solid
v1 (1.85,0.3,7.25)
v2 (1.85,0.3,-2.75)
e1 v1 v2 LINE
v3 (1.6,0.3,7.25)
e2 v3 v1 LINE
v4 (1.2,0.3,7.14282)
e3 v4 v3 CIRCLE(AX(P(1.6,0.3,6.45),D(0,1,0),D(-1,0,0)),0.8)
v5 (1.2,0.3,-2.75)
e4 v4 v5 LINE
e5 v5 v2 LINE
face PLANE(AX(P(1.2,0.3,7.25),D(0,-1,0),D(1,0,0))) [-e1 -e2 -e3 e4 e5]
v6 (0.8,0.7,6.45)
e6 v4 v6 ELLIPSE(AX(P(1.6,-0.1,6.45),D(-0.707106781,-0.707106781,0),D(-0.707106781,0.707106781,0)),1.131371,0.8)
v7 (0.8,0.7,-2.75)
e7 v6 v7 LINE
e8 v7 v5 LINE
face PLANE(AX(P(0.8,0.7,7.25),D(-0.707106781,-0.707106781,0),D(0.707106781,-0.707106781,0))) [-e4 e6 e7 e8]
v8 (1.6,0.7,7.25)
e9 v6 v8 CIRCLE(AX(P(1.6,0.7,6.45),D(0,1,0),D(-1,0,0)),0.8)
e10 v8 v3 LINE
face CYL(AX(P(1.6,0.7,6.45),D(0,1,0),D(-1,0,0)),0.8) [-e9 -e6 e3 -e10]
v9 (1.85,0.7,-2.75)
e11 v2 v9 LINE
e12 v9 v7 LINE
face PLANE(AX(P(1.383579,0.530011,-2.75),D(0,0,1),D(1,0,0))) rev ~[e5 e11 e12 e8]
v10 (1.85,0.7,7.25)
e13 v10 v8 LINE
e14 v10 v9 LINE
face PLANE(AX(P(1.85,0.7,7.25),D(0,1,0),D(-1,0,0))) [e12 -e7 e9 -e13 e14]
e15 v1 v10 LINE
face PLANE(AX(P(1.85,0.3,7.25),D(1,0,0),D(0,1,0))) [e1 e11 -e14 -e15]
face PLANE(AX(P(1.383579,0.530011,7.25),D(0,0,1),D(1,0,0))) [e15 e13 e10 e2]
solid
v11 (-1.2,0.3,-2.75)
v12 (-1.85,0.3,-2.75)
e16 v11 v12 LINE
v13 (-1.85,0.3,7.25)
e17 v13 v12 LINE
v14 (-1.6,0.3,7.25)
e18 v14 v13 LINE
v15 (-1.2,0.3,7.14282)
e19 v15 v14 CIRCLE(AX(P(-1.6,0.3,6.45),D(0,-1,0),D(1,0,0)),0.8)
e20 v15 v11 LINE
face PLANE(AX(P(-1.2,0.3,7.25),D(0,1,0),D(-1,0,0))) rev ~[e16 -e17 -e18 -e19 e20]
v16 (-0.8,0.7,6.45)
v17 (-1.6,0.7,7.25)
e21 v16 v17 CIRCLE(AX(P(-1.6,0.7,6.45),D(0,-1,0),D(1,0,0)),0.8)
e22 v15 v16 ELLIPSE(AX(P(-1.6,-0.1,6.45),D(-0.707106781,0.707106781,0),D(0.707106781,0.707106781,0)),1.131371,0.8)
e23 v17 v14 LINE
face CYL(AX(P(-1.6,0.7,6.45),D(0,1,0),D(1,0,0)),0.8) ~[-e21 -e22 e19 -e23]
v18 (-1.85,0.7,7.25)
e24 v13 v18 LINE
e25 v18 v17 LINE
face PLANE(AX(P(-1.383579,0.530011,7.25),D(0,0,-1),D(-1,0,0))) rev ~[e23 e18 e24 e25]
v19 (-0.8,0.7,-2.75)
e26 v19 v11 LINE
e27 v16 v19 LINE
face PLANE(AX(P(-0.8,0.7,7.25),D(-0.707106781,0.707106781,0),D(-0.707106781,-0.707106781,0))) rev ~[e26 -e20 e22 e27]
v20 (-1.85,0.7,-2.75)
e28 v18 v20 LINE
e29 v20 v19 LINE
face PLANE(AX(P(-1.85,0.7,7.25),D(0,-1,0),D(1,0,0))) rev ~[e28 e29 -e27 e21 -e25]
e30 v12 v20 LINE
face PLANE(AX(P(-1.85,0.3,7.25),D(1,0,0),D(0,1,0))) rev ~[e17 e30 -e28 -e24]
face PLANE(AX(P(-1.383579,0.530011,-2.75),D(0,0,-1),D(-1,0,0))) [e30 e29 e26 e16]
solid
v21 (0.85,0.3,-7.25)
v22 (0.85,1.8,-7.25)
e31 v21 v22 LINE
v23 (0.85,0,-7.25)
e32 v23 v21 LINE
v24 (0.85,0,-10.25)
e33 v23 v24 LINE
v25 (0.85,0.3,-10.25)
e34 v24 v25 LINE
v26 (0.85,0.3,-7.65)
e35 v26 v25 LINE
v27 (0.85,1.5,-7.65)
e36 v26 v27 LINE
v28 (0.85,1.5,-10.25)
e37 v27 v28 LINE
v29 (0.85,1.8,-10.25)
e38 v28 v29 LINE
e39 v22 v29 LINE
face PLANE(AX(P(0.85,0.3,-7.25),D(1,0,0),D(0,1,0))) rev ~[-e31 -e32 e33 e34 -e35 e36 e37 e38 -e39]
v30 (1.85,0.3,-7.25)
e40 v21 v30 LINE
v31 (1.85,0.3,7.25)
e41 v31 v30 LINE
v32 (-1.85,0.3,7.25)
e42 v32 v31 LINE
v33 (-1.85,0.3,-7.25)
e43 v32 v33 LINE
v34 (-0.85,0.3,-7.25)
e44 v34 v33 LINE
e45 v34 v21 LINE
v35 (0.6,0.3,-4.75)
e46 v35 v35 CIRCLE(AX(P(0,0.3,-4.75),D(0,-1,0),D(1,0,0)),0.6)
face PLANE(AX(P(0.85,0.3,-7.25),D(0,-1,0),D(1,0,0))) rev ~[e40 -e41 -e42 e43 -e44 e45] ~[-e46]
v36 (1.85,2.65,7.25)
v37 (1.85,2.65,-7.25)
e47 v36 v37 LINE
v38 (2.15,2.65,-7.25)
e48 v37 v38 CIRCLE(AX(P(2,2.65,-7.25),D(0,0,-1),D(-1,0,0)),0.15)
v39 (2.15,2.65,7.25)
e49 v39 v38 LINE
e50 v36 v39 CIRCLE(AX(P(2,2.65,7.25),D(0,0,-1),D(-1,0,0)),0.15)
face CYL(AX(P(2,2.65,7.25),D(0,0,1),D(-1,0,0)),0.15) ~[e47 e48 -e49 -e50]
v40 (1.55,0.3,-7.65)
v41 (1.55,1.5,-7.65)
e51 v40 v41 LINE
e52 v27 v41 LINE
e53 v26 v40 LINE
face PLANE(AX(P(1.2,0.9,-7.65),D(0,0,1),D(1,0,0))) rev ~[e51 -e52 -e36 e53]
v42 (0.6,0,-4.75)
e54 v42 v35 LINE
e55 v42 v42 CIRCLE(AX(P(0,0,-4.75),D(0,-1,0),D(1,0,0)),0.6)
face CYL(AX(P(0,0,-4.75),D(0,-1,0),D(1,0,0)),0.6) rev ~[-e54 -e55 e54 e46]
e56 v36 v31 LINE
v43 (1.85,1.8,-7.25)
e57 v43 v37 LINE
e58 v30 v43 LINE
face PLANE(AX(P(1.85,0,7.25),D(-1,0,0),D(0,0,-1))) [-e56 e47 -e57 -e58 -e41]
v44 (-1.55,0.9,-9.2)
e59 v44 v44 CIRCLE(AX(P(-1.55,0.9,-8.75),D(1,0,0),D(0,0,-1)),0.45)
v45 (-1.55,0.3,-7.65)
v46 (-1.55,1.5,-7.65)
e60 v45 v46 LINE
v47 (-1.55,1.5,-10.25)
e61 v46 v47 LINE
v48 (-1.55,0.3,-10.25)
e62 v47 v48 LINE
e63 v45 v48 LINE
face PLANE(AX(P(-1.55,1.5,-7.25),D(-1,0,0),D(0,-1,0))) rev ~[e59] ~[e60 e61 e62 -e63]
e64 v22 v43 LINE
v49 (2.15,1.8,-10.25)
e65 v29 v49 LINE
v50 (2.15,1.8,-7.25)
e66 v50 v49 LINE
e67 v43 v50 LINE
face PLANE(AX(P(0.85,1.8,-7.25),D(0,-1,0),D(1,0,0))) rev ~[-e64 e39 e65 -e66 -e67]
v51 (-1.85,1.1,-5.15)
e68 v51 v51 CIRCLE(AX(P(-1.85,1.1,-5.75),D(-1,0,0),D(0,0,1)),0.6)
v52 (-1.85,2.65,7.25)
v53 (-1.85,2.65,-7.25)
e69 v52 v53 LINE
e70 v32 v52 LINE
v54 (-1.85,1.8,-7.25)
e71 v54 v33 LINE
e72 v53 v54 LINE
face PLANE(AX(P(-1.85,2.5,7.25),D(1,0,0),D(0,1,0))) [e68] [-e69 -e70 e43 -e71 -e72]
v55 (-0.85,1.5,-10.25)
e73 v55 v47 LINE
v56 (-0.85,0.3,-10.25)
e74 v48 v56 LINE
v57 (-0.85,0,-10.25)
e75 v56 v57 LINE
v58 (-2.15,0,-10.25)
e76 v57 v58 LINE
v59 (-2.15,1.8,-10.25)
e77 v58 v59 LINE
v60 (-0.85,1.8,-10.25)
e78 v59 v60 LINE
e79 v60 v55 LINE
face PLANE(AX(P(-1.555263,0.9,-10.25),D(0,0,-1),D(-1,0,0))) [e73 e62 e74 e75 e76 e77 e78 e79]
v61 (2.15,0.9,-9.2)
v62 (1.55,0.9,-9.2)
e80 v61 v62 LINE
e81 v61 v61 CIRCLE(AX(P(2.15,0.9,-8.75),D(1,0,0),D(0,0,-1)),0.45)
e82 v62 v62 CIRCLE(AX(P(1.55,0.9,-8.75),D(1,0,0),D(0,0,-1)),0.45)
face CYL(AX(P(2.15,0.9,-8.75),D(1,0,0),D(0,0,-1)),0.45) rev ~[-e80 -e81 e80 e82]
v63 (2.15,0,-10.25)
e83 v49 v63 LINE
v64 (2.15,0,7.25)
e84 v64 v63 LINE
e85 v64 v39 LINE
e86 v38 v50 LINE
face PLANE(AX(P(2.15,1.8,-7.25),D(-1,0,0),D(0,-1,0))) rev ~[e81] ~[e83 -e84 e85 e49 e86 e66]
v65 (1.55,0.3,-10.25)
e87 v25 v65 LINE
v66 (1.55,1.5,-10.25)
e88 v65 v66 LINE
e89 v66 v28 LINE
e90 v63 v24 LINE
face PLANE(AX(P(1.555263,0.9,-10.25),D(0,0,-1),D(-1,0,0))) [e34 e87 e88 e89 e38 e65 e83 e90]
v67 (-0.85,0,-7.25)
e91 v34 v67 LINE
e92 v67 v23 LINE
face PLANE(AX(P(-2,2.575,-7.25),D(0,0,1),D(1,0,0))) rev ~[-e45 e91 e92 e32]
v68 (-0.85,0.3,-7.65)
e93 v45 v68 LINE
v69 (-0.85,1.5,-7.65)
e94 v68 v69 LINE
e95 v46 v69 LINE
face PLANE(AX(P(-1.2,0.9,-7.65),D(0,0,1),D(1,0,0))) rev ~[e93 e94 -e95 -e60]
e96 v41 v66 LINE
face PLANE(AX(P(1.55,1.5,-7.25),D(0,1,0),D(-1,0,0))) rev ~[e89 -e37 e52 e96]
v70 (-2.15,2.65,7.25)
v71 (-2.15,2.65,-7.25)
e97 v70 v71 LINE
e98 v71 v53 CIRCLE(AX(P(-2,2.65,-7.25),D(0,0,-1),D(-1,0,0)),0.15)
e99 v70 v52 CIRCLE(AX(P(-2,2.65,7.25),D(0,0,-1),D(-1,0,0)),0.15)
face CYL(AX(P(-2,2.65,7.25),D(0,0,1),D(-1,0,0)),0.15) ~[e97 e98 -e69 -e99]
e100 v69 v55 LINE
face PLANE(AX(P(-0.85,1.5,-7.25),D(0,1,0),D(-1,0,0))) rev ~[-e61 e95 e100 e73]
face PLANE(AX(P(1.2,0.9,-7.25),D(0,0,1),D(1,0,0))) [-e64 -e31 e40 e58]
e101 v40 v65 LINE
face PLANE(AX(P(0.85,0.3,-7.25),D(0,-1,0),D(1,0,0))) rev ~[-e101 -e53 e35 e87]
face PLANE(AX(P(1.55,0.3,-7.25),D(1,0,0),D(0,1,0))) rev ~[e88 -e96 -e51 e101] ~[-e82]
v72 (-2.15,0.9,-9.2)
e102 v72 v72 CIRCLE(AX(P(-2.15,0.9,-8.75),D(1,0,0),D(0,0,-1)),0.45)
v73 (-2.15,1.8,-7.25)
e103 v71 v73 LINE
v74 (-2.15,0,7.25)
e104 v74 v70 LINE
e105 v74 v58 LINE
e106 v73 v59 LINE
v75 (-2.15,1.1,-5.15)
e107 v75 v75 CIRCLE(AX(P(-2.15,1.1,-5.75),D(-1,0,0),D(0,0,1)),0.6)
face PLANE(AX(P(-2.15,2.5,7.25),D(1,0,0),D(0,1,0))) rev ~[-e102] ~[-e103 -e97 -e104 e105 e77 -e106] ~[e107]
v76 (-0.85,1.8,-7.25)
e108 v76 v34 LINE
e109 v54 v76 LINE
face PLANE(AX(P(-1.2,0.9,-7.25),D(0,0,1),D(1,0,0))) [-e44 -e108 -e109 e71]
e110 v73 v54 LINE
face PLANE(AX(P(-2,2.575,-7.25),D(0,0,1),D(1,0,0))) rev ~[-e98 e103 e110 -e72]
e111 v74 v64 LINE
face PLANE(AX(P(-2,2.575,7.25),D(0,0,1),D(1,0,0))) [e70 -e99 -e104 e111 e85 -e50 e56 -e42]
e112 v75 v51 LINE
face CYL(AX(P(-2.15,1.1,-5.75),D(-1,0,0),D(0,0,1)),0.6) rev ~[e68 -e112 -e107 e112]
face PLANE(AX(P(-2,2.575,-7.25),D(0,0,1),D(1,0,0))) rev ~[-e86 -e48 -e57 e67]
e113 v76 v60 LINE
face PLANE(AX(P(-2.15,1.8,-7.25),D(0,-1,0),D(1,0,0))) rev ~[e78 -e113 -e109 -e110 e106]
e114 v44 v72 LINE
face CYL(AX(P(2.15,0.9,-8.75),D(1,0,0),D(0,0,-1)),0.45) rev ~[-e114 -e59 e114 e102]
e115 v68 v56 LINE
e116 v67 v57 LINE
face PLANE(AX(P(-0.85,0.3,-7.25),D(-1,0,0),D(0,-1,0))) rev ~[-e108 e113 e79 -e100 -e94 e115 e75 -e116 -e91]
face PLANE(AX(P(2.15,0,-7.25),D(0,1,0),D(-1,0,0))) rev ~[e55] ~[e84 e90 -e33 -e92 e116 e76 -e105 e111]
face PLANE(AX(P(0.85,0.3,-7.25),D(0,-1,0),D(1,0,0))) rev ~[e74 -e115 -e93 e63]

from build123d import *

# Parameters (mm, degrees)
SKETCH1_W                   = 4.3
SKETCH1_H                   = 14.5
NP_HOLDER_BASE_DEPTH        = 2.5
NP_HOLDER_THICKNESS_T       = -0.3
NP2_0_IMEC_DOVETAIL_DEPTH   = 10
NP2_0_IMEC_DOVETAIL_2_DEPTH = 10
SKETCH6_W                   = 0.3
SKETCH6_H                   = 0.15
INNER_PIECE_RAILS_DEPTH     = 14.5
EXTRACTION_HOOKS_DEPTH      = 3
SKETCH8_R                   = 0.45
EXTRACTION_HOLE_DEPTH       = 4.3
SKETCH15_W                  = 0.7
SKETCH15_H                  = 1.2
EXTRACTIONSTOPPER_DEPTH     = 0.4
SKETCH12_R                  = 0.6
ADHESIVE_HOLE_DEPTH         = 0.3
SKETCH13_R                  = 0.6
VERTICAL_ANCHOR_HOLE_DEPTH  = 0.3
ENTRY_EDGE_SMOOTHING_DEPTH  = 0.4


with BuildPart() as part:
    # Sketch1 → NP holder base (new body)
    with BuildSketch(Plane(origin=(0, 0, 0), x_dir=(1, 0, 0), z_dir=(0, 1, 0))):
        Rectangle(SKETCH1_W, SKETCH1_H)
    extrude(amount=NP_HOLDER_BASE_DEPTH)

    # NP holder thickness
    np_holder_thickness_openings = [part.faces().sort_by_distance(p)[0] for p in [
        (0, 2.5, 0),
        (0, 1.25, 7.25),
        (0, 1.25, -7.25),
    ]]
    offset(amount=NP_HOLDER_THICKNESS_T, openings=np_holder_thickness_openings, kind=Kind.INTERSECTION)

    # Sketch6 → inner piece rails (add)
    with BuildSketch(Plane.XY.offset(7.25)):
        with Locations((-2, 2.575)):
            Rectangle(SKETCH6_W, SKETCH6_H)
        with BuildLine():
            ThreePointArc((-2.15, 2.65), (-2, 2.8), (-1.85, 2.65))
            Line((-1.85, 2.65), (-2.15, 2.65))
        make_face()
        with BuildLine():
            ThreePointArc((1.85, 2.65), (2, 2.8), (2.15, 2.65))
            Line((2.15, 2.65), (1.85, 2.65))
        make_face()
        with Locations((2, 2.575)):
            Rectangle(SKETCH6_W, SKETCH6_H)
    extrude(amount=-INNER_PIECE_RAILS_DEPTH)

    # Sketch7 → extraction hooks (add)
    with BuildSketch(Plane(origin=(0, 0, -7.25), x_dir=(-1, 0, 0), z_dir=(0, 0, -1))):
        Polygon((-2.15, 1.8), (-2.15, 0), (-0.85, 0), (-0.85, 0.3), (-1.55, 0.3), (-1.55, 1.5), (-0.85, 1.5), (-0.85, 1.8), align=None)
        Polygon((0.85, 0.3), (0.85, 0), (2.15, 0), (2.15, 1.8), (0.85, 1.8), (0.85, 1.5), (1.55, 1.5), (1.55, 0.3), align=None)
    extrude(amount=EXTRACTION_HOOKS_DEPTH)

    # Sketch8 → extraction hole (cut)
    with BuildSketch(Plane(origin=(2.15, 0, 0), x_dir=(0, 0, -1), z_dir=(1, 0, 0))):
        with Locations((8.75, 0.9)):
            Circle(SKETCH8_R)
    extrude(amount=-EXTRACTION_HOLE_DEPTH, mode=Mode.SUBTRACT)

    # Sketch15 → extractionstopper (add)
    with BuildSketch(Plane.XY.offset(-7.25)):
        with Locations((1.2, 0.9)):
            Rectangle(SKETCH15_W, SKETCH15_H)
        with Locations((-1.2, 0.9)):
            Rectangle(SKETCH15_W, SKETCH15_H)
    extrude(amount=-EXTRACTIONSTOPPER_DEPTH)

    # Sketch12 → adhesive Hole (cut)
    with BuildSketch(Plane.XZ):
        with Locations((0, -4.75)):
            Circle(SKETCH12_R)
    extrude(amount=-ADHESIVE_HOLE_DEPTH, mode=Mode.SUBTRACT)

    # Sketch13 → vertical anchor hole (cut)
    with BuildSketch(Plane.ZY.offset(2.15)):
        with Locations((-5.75, 1.1)):
            Circle(SKETCH13_R)
    extrude(amount=-VERTICAL_ANCHOR_HOLE_DEPTH, mode=Mode.SUBTRACT)


with BuildPart() as body_2:
    # Sketch3 → NP2.0 imec dovetail (new body)
    with BuildSketch(Plane(origin=(0, 0, 7.25), x_dir=(-1, 0, 0), z_dir=(0, 0, -1))):
        Polygon((-1.85, 0.3), (-1.85, 0.7), (-0.8, 0.7), (-1.2, 0.3), align=None)
    extrude(amount=NP2_0_IMEC_DOVETAIL_DEPTH)


with BuildPart() as body_3:
    # Sketch3 → NP2.0 imec dovetail 2 (new body)
    with BuildSketch(Plane(origin=(0, 0, 7.25), x_dir=(-1, 0, 0), z_dir=(0, 0, -1))):
        Polygon((1.2, 0.3), (1.85, 0.3), (1.85, 0.7), (0.8, 0.7), align=None)
    extrude(amount=NP2_0_IMEC_DOVETAIL_2_DEPTH)


with BuildPart() as entry_edge_smoothing_tool:
    # Sketch16 → entry edge smoothing (new body)
    with BuildSketch(Plane(origin=(0, 0.7, 0), x_dir=(1, 0, 0), z_dir=(0, 1, 0))):
        with BuildLine():
            Line((-1.6, -7.25), (-0.8, -7.25))
            Line((-0.8, -7.25), (-0.8, -6.45))
            ThreePointArc((-0.8, -6.45), (-1.034314575, -7.015685425), (-1.6, -7.25))
        make_face()
        with BuildLine():
            Line((0.8, -7.25), (0.8, -6.45))
            ThreePointArc((0.8, -6.45), (1.034314575, -7.015685425), (1.6, -7.25))
            Line((1.6, -7.25), (0.8, -7.25))
        make_face()
    extrude(amount=-ENTRY_EDGE_SMOOTHING_DEPTH)


with BuildPart() as body_2_1:
    add(body_2.part)

    # entry edge smoothing: cut by entry_edge_smoothing_tool
    add(entry_edge_smoothing_tool.part, mode=Mode.SUBTRACT)


with BuildPart() as body_3_1:
    add(body_3.part)

    # entry edge smoothing: cut by entry_edge_smoothing_tool
    add(entry_edge_smoothing_tool.part, mode=Mode.SUBTRACT)


solid = Compound([part.part, body_2_1.part, body_3_1.part])
